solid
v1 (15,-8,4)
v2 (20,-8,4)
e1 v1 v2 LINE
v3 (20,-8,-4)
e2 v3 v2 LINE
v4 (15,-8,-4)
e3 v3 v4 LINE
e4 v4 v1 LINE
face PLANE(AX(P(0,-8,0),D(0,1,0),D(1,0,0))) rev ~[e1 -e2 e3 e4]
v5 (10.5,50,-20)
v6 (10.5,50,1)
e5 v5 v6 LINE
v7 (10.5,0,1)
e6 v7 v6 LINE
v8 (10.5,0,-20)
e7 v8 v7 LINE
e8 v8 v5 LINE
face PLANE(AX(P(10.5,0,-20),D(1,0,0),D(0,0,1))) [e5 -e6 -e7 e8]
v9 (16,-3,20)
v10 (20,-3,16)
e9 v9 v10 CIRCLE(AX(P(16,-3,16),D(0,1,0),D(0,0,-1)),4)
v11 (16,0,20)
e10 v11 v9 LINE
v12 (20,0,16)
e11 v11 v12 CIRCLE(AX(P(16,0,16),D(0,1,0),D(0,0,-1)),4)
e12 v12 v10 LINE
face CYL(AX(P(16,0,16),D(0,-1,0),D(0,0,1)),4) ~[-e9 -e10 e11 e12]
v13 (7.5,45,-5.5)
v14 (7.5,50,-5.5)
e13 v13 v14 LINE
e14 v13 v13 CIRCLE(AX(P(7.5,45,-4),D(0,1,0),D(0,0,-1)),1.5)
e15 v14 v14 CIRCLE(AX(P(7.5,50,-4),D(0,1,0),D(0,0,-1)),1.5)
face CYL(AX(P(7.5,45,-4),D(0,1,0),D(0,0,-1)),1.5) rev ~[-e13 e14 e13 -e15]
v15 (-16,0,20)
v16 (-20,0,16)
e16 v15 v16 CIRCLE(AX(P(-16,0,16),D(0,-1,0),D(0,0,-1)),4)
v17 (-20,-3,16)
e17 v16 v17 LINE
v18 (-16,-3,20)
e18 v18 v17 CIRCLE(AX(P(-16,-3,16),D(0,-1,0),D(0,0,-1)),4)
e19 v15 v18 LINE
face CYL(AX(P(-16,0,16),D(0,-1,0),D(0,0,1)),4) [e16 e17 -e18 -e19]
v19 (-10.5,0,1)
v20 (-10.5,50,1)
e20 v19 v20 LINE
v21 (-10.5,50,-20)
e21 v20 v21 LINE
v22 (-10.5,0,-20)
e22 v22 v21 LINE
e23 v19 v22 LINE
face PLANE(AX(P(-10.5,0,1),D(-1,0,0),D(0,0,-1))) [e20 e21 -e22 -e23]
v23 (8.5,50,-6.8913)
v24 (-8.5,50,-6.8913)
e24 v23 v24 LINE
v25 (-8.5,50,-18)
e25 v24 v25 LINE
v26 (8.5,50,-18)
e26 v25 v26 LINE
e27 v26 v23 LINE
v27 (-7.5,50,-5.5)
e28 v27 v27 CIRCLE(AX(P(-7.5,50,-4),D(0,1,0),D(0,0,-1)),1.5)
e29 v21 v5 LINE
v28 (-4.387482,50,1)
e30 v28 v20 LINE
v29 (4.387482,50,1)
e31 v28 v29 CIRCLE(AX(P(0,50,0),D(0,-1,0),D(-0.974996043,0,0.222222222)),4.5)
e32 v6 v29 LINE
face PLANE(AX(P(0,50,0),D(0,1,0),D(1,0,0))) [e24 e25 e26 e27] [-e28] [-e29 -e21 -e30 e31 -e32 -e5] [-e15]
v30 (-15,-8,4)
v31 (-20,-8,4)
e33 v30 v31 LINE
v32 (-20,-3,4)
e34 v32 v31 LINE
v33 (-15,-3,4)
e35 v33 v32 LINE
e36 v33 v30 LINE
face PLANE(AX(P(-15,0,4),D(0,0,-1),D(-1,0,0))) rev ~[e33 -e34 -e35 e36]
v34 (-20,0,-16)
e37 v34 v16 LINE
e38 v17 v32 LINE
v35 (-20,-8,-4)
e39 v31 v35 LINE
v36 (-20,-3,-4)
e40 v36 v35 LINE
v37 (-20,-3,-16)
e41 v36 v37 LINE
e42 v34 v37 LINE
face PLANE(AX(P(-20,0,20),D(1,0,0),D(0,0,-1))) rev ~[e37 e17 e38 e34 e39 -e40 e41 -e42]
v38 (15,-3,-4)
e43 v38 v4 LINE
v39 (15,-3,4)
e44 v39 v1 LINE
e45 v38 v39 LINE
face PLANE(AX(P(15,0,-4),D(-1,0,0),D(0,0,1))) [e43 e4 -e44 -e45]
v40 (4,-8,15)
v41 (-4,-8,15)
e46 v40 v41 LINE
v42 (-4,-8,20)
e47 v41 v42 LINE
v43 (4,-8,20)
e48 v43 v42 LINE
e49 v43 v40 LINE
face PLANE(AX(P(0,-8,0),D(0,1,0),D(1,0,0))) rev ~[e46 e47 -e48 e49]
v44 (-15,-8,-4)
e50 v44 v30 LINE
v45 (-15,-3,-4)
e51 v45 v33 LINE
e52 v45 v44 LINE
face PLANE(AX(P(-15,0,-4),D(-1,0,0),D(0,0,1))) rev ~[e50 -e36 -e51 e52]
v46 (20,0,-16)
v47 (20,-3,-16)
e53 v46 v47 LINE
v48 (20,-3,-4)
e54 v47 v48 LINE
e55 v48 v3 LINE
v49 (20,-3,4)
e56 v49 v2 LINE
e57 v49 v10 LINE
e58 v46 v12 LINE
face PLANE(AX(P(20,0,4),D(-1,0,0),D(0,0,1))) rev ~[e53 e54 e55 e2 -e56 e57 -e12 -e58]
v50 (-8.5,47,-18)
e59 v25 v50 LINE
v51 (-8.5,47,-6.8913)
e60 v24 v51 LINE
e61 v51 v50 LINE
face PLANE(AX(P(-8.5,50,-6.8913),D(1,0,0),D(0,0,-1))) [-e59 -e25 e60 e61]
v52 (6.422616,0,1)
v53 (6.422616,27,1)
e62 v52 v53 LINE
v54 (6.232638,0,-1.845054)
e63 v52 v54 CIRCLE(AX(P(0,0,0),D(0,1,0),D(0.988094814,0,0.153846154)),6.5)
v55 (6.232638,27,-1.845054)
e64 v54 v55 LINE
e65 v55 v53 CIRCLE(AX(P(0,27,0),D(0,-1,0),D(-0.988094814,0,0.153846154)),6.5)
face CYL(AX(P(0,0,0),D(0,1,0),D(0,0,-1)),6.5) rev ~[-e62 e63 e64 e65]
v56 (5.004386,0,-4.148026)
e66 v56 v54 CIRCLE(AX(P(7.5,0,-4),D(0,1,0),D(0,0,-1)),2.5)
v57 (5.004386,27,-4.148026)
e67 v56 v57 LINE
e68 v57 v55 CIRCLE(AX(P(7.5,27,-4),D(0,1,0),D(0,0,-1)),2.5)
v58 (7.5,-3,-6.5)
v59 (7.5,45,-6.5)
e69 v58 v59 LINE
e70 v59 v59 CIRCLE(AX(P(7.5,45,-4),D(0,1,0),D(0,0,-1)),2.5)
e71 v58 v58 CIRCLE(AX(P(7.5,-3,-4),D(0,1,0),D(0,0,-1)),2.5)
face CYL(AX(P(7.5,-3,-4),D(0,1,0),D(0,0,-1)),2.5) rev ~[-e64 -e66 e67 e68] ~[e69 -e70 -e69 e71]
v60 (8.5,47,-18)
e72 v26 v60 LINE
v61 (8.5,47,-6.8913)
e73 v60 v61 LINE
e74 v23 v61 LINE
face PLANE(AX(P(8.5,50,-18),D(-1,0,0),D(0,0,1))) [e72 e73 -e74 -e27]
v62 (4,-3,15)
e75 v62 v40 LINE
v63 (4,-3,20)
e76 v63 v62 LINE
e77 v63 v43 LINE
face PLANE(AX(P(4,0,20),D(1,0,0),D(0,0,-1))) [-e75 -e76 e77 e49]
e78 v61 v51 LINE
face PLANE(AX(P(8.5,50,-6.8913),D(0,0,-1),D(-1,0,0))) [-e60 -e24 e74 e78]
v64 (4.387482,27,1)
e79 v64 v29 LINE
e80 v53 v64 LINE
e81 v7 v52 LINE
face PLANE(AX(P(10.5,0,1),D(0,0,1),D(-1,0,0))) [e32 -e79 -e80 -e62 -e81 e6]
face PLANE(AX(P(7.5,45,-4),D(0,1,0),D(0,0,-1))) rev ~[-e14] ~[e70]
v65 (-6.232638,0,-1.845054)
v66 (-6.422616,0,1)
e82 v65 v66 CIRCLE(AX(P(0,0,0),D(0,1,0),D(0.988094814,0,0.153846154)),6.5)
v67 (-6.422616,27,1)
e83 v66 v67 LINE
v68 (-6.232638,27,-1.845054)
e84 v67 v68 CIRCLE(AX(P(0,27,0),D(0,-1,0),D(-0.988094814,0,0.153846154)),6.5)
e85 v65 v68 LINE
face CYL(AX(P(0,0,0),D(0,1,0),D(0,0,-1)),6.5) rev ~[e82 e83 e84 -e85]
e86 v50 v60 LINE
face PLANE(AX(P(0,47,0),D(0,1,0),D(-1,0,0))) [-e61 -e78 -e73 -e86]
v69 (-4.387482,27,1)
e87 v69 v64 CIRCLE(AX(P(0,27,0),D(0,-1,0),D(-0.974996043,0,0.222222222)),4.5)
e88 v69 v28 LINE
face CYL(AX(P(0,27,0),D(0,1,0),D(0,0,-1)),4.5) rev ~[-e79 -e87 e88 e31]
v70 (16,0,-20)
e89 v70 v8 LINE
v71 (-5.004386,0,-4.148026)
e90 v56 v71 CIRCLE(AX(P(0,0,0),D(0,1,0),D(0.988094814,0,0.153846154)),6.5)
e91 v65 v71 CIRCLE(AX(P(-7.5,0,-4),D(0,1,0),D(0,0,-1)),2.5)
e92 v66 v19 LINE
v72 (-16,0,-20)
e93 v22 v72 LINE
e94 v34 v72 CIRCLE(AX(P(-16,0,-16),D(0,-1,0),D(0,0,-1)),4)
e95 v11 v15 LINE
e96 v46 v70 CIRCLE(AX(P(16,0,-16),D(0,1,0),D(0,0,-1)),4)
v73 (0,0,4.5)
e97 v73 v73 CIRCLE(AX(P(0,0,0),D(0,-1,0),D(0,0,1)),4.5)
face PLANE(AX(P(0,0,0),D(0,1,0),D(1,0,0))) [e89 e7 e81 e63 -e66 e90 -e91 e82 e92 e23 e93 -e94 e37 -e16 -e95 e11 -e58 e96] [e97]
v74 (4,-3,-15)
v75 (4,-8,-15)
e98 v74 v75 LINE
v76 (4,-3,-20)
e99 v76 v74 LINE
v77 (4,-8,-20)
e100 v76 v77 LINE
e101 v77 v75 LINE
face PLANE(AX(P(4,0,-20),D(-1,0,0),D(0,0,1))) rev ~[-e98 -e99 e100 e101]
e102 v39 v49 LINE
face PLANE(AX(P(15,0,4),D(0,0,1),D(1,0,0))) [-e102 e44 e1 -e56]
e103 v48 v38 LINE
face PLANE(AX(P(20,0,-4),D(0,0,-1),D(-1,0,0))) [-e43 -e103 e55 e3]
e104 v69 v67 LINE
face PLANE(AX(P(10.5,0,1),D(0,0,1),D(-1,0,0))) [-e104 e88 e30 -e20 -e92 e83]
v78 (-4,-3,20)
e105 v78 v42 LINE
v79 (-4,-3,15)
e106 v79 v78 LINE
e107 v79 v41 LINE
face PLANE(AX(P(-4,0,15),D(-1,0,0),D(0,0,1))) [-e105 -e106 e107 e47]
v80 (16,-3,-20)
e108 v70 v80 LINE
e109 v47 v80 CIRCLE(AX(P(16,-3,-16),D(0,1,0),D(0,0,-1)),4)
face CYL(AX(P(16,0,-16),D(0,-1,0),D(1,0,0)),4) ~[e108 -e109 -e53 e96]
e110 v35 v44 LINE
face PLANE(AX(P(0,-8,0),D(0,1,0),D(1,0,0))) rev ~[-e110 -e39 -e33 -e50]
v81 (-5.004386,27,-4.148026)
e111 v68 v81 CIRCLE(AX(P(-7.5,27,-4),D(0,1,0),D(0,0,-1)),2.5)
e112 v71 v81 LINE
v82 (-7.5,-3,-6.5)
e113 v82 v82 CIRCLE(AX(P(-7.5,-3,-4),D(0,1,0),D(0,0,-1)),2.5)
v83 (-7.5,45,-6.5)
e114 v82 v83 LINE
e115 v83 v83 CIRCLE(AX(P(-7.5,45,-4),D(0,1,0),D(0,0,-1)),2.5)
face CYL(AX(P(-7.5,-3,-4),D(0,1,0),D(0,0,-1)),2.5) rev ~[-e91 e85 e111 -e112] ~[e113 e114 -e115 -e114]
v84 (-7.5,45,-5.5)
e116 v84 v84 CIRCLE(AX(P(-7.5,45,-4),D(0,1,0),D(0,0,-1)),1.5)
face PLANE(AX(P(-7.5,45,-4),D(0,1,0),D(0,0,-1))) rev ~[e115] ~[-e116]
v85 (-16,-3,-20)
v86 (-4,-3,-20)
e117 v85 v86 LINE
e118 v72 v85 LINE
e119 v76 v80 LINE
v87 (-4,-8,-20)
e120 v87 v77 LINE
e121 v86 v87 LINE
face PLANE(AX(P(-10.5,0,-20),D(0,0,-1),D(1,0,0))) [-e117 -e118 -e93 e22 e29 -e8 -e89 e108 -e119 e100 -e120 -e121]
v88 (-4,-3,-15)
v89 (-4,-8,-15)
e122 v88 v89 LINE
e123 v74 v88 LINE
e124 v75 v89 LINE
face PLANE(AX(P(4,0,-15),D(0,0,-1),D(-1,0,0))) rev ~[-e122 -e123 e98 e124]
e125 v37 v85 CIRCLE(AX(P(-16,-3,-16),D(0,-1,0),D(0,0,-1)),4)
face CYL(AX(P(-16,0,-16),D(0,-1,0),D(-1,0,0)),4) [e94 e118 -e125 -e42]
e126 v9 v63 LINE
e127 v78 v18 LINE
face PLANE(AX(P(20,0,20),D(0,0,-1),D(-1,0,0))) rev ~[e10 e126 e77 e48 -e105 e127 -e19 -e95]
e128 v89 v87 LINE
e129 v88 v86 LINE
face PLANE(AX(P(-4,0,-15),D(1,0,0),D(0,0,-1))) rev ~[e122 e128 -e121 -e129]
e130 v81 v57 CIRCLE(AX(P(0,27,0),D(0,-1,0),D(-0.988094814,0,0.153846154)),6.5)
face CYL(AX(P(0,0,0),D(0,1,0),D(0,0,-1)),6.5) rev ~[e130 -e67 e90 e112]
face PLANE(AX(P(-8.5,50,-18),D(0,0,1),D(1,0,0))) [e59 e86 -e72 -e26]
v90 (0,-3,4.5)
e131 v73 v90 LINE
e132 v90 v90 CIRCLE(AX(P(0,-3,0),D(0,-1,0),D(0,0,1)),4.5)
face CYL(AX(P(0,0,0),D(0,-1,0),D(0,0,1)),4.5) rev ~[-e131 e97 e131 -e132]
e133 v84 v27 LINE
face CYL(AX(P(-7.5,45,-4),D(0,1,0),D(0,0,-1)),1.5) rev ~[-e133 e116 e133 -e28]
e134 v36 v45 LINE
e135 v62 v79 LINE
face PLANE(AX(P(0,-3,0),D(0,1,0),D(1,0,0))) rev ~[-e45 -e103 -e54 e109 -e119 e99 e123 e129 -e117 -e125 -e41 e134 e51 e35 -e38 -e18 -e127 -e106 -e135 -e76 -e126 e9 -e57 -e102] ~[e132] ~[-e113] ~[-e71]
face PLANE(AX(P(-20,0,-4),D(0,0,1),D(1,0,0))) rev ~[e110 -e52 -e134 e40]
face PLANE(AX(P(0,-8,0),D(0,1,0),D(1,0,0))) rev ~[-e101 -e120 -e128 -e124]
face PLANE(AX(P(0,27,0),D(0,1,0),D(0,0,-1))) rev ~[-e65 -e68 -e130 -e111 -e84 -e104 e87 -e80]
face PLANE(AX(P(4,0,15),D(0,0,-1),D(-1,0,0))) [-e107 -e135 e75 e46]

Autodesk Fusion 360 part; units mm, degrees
sketch "Sketch1" plane through (0, 0, 0) normal (0, 1, 0) x (1, 0, 0)
  line L0 (20, -20) -> (-20, -20)
  line L1 (-20, -20) -> (-20, 20)
  line L2 (-20, 20) -> (20, 20)
  line L3 (20, 20) -> (20, -20)
  line L4 (20, -20) -> (-20, 20) construction
  line L5 (-20, -20) -> (20, 20) construction
  line L6 (-20, 4) -> (-15, 4)
  line L7 (-15, 4) -> (-15, -4)
  line L8 (-15, -4) -> (-20, -4)
  line L9 (-20, -4) -> (-20, 4)
  line L10 (-4, 20) -> (4, 20)
  line L11 (4, 20) -> (4, 15)
  line L12 (4, 15) -> (-4, 15)
  line L13 (-4, 15) -> (-4, 20)
  line L14 (20, 4) -> (15, 4)
  line L15 (15, 4) -> (15, -4)
  line L16 (15, -4) -> (20, -4)
  line L17 (20, -4) -> (20, 4)
  line L18 (-4, -20) -> (4, -20)
  line L19 (4, -20) -> (4, -15)
  line L20 (4, -15) -> (-4, -15)
  line L21 (-4, -15) -> (-4, -20)
  dimension "d1" = 40
  dimension "d2" = 40
  dimension "d3" = 5
  dimension "d4" = 8
  dimension "d5" = 16
  dimension "d6" = 5
  dimension "d7" = 16
  dimension "d8" = 8
  dimension "d9" = 5
  dimension "d10" = 5
  dimension "d11" = 8
  dimension "d12" = 8
  dimension "d13" = 16
  dimension "d14" = 16
extrude "Extrude1" add sketch "Sketch1" against normal blind 3 contours L0 L1 L2 L3 L6 L7 L8 L11 L12 L13 L14 L15 L16 L19 L20 L21
extrude "Extrude2" add sketch "Sketch1" against normal blind 8 contours L0 L18 L19 L20 L21 | L3 L14 L15 L16 L17 | L1 L6 L7 L8 L9 | L2 L10 L11 L12 L13
hole "Hole1" at (0, 0, 0) direction (0, -1, 0) diameter 9 depth 30 tip angle 118
fillet "Fillet1" radius 4 4 edges at (20, -1.5, -20) (-20, -1.5, -20) (20, -1.5, 20) (-20, -1.5, 20)
sketch "Sketch2" plane through (0, 0, 0) normal (0, 1, 0) x (1, 0, 0)
  line L0 (-10.5, 20) -> (10.5, 20)
  line L1 (10.5, 20) -> (10.5, -1)
  line L2 (10.5, -1) -> (-10.5, -1)
  line L3 (-10.5, -1) -> (-10.5, 20)
  point P0 (-20, 20)
  dimension "d24" = 21
  dimension "d25" = 21
  dimension "d26" = 9.5
extrude "Extrude3" add sketch "Sketch2" along normal blind 50
hole "Hole2" at (0, 0, 0) direction (0, 1, 0) diameter 9 depth 55 tip angle 118 counterbore diameter 13 counterbore depth 27
sketch "Sketch3" plane through (0, -3, 0) normal (0, -1, 0) x (1, 0, 0)
  arc A0 (-16, 20) -> (-20, 16) centre (-16, 16) ccw
  line L0 (-20, 16) -> (-20, 4)
  line L1 (-20, 4) -> (-15, 4)
  line L2 (-15, 4) -> (-15, -4)
  line L3 (-15, -4) -> (-20, -4)
  line L4 (-20, -4) -> (-20, -16)
  arc A1 (-20, -16) -> (-16, -20) centre (-16, -16) ccw
  line L5 (-16, -20) -> (-4, -20)
  line L6 (-4, -20) -> (-4, -15)
  line L7 (-4, -15) -> (4, -15)
  line L8 (4, -15) -> (4, -20)
  line L9 (4, -20) -> (16, -20)
  arc A2 (16, -20) -> (20, -16) centre (16, -16) ccw
  line L10 (20, -16) -> (20, -4)
  line L11 (20, -4) -> (15, -4)
  line L12 (15, -4) -> (15, 4)
  line L13 (15, 4) -> (20, 4)
  line L14 (20, 4) -> (20, 16)
  arc A3 (20, 16) -> (16, 20) centre (16, 16) ccw
  line L15 (16, 20) -> (4, 20)
  line L16 (4, 20) -> (4, 15)
  line L17 (4, 15) -> (-4, 15)
  line L18 (-4, 15) -> (-4, 20)
  line L19 (-4, 20) -> (-16, 20)
  circle A4 centre (0, 0) radius 4.5
  point P0 (-7.5, -4)
  point P1 (7.5, -4)
  dimension "d34" = 16
  dimension "d35" = 15
  dimension "d36" = 12.5
hole "Hole3" at (7.5, -3, -4) at (-7.5, -3, -4) direction (0, 1, 0) diameter 3 depth 55 tip angle 118 counterbore diameter 5 counterbore depth 48
sketch "Sketch4" plane through (0, 50, 0) normal (0, 1, 0) x (-1, 0, 0)
  circle A0 centre (-7.5, -4) radius 1.5
  circle A1 centre (7.5, -4) radius 1.5
  arc A2 (-4.3875, 1) -> (4.3875, 1) centre (0, 0) ccw
  line L0 (-4.3875, 1) -> (-10.5, 1)
  line L1 (-10.5, 1) -> (-10.5, -20)
  line L2 (-10.5, -20) -> (10.5, -20)
  line L3 (10.5, -20) -> (10.5, 1)
  line L4 (10.5, 1) -> (4.3875, 1)
  line L5 (10.5, -20) -> (-10.5, -20)
  line L6 (-10.5, -20) -> (-10.5, 1)
  line L7 (-10.5, 1) -> (10.5, 1)
  line L8 (10.5, 1) -> (10.5, -20)
  line L9 (-8.5, -18) -> (-8.5, -1)
  line L10 (-8.5, -1) -> (8.5, -1)
  line L11 (8.5, -1) -> (8.5, -18)
  line L12 (8.5, -18) -> (-8.5, -18)
  line L13 (8.5, -18) -> (-8.5, -18)
  line L14 (-8.5, -18) -> (-8.5, -6.8913)
  line L15 (-8.5, -6.8913) -> (8.5, -6.8913)
  line L16 (8.5, -6.8913) -> (8.5, -18)
  dimension "d42" = 2
extrude "Extrude4" cut sketch "Sketch4" against normal blind 3 contours L9 L11 L12 L13 L14 L15 L16
equation "d6 = d3"
equation "d7 = d5"
equation "d8 = d4"
equation "d9 = d3"
equation "d10 = d3"
equation "d11 = d4"
equation "d12 = d4"
equation "d13 = d7"
equation "d14 = d7"
